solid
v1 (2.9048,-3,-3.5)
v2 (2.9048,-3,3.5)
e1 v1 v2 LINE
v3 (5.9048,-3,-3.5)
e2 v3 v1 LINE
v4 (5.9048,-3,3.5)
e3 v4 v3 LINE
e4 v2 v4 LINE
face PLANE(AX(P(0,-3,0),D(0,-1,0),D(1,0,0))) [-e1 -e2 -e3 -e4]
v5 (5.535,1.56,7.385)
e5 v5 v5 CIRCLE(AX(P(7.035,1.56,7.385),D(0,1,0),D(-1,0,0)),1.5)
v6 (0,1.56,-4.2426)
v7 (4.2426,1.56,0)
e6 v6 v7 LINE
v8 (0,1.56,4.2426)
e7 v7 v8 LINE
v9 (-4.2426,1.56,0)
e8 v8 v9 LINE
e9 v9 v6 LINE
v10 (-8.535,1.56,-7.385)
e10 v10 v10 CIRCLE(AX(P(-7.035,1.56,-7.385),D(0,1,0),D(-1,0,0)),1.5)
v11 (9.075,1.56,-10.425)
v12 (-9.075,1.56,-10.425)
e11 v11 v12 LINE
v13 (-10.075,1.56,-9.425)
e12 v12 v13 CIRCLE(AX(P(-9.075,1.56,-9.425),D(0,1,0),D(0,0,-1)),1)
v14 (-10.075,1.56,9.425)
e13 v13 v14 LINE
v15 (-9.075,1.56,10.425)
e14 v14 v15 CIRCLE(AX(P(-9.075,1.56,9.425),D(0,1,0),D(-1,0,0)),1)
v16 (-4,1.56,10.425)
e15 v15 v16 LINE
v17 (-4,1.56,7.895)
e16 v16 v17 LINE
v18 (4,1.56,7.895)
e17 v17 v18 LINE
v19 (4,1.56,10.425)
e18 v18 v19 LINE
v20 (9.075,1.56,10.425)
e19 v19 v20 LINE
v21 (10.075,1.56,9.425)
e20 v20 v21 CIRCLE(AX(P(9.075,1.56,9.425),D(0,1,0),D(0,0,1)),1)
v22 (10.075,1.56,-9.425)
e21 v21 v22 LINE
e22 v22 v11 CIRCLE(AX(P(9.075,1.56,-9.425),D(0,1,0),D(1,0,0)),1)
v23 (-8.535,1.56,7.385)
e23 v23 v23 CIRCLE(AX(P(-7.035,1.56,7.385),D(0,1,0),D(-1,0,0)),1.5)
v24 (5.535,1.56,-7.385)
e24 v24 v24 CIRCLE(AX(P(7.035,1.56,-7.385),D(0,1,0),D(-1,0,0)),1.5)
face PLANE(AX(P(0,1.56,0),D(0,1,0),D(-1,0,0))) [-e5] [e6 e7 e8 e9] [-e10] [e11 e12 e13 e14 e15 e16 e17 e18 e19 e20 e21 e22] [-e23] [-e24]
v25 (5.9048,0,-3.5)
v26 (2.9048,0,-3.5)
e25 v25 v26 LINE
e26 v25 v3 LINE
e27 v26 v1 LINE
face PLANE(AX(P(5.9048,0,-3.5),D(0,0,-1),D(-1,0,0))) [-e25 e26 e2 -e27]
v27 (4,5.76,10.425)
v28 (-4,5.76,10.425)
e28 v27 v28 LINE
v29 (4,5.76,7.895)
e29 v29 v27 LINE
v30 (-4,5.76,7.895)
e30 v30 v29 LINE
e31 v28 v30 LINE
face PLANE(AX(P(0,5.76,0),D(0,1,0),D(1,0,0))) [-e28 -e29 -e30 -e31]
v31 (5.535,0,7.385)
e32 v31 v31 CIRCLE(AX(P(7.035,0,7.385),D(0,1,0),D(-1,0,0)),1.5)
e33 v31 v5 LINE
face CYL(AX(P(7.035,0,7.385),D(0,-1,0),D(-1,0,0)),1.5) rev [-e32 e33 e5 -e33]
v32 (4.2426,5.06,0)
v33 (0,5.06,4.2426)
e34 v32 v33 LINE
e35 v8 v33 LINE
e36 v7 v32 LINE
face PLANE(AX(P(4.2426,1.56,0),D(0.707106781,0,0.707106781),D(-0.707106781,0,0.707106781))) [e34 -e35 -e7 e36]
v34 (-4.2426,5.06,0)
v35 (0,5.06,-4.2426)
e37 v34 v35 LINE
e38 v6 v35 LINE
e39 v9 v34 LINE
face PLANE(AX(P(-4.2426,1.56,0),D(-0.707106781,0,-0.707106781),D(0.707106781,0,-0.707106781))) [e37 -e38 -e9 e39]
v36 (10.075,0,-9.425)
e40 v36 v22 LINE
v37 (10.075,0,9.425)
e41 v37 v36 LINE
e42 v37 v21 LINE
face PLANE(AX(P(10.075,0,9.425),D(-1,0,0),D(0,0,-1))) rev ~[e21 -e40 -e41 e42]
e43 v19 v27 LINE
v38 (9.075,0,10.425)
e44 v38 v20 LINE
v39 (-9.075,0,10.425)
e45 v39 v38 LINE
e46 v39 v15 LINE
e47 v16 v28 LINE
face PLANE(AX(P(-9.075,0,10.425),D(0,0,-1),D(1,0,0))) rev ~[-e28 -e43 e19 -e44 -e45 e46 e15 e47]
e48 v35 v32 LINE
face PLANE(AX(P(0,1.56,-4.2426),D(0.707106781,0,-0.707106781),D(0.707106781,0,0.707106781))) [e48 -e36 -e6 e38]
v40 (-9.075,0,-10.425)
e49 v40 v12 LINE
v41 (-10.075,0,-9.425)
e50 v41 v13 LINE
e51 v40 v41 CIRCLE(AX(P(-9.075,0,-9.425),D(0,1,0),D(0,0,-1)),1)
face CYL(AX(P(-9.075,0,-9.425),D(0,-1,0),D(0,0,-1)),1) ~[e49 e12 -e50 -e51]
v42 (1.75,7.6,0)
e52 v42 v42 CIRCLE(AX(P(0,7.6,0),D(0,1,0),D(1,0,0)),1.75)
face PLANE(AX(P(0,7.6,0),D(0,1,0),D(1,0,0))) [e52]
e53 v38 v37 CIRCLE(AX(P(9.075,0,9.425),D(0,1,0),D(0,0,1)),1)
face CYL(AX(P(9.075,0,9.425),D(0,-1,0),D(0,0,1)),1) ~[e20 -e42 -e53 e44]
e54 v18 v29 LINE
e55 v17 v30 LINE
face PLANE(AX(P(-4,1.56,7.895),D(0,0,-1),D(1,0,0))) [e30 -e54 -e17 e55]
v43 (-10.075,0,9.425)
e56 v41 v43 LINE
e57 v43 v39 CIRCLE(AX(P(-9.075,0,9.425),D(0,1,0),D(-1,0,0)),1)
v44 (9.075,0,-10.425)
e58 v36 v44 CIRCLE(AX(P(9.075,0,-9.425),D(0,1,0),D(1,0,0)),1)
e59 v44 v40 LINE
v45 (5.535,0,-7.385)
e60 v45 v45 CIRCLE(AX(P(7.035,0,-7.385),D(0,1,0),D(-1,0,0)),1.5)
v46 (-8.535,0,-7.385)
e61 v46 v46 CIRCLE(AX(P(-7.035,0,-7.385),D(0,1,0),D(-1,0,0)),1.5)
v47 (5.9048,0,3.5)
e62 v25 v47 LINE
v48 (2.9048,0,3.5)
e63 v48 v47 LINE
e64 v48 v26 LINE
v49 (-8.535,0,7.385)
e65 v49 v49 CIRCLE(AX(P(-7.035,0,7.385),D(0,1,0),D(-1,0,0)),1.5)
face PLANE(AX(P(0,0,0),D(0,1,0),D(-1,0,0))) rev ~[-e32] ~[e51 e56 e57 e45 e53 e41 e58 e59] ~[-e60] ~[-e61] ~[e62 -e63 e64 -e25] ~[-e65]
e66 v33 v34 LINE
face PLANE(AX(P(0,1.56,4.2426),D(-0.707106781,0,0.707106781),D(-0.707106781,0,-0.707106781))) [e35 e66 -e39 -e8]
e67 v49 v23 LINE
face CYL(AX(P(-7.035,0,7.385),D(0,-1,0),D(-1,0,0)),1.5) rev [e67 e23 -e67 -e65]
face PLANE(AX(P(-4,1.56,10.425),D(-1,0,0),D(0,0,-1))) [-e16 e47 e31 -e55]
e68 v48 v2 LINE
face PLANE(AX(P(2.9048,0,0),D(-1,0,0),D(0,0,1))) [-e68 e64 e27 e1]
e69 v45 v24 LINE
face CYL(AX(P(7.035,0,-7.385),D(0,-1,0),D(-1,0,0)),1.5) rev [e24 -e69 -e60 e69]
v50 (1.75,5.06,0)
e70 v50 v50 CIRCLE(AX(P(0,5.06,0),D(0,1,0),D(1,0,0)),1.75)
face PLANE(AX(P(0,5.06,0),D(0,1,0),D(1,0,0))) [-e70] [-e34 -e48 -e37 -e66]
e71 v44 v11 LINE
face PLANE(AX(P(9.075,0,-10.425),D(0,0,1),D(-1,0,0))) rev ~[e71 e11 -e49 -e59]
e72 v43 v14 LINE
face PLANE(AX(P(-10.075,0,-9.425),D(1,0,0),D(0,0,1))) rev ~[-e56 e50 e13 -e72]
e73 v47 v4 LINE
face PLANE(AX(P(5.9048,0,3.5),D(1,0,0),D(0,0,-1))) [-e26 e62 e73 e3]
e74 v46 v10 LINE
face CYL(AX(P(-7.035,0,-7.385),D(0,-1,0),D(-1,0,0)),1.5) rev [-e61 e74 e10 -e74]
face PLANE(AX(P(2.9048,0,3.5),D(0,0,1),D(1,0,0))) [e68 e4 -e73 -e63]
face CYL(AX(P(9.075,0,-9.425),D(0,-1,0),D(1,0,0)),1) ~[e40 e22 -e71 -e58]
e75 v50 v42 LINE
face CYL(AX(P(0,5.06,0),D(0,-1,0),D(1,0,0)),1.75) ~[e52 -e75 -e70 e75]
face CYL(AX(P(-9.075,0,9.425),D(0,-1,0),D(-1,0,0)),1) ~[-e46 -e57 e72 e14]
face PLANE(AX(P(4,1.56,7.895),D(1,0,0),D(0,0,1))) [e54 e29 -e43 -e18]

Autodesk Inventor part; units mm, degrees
ref_plane "YZ Plane" through (0, 0, 0) normal (1, 0, 0) x (0, 1, 0)
ref_plane "XZ Plane" through (0, 0, 0) normal (0, 1, 0) x (-1, 0, 0)
ref_plane "XY Plane" through (0, 0, 0) normal (0, 0, 1) x (1, 0, 0)
sketch "Sketch1" plane through (0, 0, 0) normal (0, 1, 0) x (-1, 0, 0)
  line L0 (9.075, 10.425) -> (-9.075, 10.425)
  line L1 (-10.075, 9.425) -> (-10.075, -9.425)
  line L2 (-9.075, -10.425) -> (9.075, -10.425)
  line L3 (10.075, -9.425) -> (10.075, 9.425)
  line L4 (10.075, 10.425) -> (-10.075, -10.425) construction
  line L5 (-10.075, 10.425) -> (10.075, -10.425) construction
  arc A0 (9.075, -10.425) -> (10.075, -9.425) centre (9.075, -9.425) ccw
  arc A1 (-10.075, -9.425) -> (-9.075, -10.425) centre (-9.075, -9.425) ccw
  arc A2 (-9.075, 10.425) -> (-10.075, 9.425) centre (-9.075, 9.425) ccw
  arc A3 (10.075, 9.425) -> (9.075, 10.425) centre (9.075, 9.425) ccw
  circle A4 centre (7.035, -7.385) radius 1.5
  line L6 (10.075, 0) -> (-10.075, 0) construction
  line L7 (0, -10.425) -> (0, 10.425) construction
  circle A5 centre (7.035, 7.385) radius 1.5
  circle A6 centre (-7.035, -7.385) radius 1.5
  circle A7 centre (-7.035, 7.385) radius 1.5
  point P0 (0, 0)
  dimension "d0" = 20.15
  dimension "d1" = 20.85
  dimension "d4" = 1
  dimension "d5" = 3
  dimension "d6" = 3.04
  dimension "d7" = 3.04
extrude "Extrusion2" add sketch "Sketch1" along normal blind 1.56
sketch "Sketch2" plane through (0, 1.56, 0) normal (0, 1, 0) x (1, 0, 0)
  line L0 (-4.2426, 0) -> (0, 4.2426)
  line L1 (0, 4.2426) -> (4.2426, 0)
  line L2 (4.2426, 0) -> (0, -4.2426)
  line L3 (0, -4.2426) -> (-4.2426, 0)
  line L4 (-3, 3) -> (3, -3) construction
  line L5 (3, 3) -> (-3, -3) construction
  point P0 (0, 0)
  dimension "d10" = 6
  dimension "d11" = 6
extrude "Extrusion3" add sketch "Sketch2" along normal blind 3.5
sketch "Sketch3" plane through (0, 1.56, 0) normal (0, 1, 0) x (1, 0, 0)
  line L0 (4, -10.425) -> (-4, -10.425)
  line L1 (-4, -10.425) -> (-4, -7.895)
  line L2 (-4, -7.895) -> (4, -7.895)
  line L3 (4, -7.895) -> (4, -10.425)
  line L4 (-9.075, -10.425) -> (9.075, -10.425) construction
  line L5 (0, -10.425) -> (0, 10.4665) construction
  point P0 (0, 0)
  dimension "d14" = 8
  dimension "d15" = 2.53
extrude "Extrusion4" add sketch "Sketch3" along normal blind 4.2
sketch "Sketch4" plane through (0, 0, 0) normal (0, -1, 0) x (1, 0, 0)
  line L0 (2.9048, 3.5) -> (5.9048, 3.5)
  line L1 (5.9048, 3.5) -> (5.9048, -3.5)
  line L2 (5.9048, -3.5) -> (2.9048, -3.5)
  line L3 (2.9048, -3.5) -> (2.9048, 3.5)
  line L4 (-14.105, 0) -> (14.105, 0) projected
  point P0 (0, 0)
  point P1 (2.9048, 0)
  dimension "d18" = 3
  dimension "d19" = 7
extrude "Extrusion5" add sketch "Sketch4" along normal blind 3
sketch "Sketch5" plane through (0, 5.06, 0) normal (0, 1, 0) x (1, 0, 0)
  circle A0 centre (0, 0) radius 1.75
  dimension "d22" = 3.5
extrude "Extrusion6" add sketch "Sketch5" along normal blind 2.54
equation "\"d7\" = d6"
properties part number "board_blueprint"
